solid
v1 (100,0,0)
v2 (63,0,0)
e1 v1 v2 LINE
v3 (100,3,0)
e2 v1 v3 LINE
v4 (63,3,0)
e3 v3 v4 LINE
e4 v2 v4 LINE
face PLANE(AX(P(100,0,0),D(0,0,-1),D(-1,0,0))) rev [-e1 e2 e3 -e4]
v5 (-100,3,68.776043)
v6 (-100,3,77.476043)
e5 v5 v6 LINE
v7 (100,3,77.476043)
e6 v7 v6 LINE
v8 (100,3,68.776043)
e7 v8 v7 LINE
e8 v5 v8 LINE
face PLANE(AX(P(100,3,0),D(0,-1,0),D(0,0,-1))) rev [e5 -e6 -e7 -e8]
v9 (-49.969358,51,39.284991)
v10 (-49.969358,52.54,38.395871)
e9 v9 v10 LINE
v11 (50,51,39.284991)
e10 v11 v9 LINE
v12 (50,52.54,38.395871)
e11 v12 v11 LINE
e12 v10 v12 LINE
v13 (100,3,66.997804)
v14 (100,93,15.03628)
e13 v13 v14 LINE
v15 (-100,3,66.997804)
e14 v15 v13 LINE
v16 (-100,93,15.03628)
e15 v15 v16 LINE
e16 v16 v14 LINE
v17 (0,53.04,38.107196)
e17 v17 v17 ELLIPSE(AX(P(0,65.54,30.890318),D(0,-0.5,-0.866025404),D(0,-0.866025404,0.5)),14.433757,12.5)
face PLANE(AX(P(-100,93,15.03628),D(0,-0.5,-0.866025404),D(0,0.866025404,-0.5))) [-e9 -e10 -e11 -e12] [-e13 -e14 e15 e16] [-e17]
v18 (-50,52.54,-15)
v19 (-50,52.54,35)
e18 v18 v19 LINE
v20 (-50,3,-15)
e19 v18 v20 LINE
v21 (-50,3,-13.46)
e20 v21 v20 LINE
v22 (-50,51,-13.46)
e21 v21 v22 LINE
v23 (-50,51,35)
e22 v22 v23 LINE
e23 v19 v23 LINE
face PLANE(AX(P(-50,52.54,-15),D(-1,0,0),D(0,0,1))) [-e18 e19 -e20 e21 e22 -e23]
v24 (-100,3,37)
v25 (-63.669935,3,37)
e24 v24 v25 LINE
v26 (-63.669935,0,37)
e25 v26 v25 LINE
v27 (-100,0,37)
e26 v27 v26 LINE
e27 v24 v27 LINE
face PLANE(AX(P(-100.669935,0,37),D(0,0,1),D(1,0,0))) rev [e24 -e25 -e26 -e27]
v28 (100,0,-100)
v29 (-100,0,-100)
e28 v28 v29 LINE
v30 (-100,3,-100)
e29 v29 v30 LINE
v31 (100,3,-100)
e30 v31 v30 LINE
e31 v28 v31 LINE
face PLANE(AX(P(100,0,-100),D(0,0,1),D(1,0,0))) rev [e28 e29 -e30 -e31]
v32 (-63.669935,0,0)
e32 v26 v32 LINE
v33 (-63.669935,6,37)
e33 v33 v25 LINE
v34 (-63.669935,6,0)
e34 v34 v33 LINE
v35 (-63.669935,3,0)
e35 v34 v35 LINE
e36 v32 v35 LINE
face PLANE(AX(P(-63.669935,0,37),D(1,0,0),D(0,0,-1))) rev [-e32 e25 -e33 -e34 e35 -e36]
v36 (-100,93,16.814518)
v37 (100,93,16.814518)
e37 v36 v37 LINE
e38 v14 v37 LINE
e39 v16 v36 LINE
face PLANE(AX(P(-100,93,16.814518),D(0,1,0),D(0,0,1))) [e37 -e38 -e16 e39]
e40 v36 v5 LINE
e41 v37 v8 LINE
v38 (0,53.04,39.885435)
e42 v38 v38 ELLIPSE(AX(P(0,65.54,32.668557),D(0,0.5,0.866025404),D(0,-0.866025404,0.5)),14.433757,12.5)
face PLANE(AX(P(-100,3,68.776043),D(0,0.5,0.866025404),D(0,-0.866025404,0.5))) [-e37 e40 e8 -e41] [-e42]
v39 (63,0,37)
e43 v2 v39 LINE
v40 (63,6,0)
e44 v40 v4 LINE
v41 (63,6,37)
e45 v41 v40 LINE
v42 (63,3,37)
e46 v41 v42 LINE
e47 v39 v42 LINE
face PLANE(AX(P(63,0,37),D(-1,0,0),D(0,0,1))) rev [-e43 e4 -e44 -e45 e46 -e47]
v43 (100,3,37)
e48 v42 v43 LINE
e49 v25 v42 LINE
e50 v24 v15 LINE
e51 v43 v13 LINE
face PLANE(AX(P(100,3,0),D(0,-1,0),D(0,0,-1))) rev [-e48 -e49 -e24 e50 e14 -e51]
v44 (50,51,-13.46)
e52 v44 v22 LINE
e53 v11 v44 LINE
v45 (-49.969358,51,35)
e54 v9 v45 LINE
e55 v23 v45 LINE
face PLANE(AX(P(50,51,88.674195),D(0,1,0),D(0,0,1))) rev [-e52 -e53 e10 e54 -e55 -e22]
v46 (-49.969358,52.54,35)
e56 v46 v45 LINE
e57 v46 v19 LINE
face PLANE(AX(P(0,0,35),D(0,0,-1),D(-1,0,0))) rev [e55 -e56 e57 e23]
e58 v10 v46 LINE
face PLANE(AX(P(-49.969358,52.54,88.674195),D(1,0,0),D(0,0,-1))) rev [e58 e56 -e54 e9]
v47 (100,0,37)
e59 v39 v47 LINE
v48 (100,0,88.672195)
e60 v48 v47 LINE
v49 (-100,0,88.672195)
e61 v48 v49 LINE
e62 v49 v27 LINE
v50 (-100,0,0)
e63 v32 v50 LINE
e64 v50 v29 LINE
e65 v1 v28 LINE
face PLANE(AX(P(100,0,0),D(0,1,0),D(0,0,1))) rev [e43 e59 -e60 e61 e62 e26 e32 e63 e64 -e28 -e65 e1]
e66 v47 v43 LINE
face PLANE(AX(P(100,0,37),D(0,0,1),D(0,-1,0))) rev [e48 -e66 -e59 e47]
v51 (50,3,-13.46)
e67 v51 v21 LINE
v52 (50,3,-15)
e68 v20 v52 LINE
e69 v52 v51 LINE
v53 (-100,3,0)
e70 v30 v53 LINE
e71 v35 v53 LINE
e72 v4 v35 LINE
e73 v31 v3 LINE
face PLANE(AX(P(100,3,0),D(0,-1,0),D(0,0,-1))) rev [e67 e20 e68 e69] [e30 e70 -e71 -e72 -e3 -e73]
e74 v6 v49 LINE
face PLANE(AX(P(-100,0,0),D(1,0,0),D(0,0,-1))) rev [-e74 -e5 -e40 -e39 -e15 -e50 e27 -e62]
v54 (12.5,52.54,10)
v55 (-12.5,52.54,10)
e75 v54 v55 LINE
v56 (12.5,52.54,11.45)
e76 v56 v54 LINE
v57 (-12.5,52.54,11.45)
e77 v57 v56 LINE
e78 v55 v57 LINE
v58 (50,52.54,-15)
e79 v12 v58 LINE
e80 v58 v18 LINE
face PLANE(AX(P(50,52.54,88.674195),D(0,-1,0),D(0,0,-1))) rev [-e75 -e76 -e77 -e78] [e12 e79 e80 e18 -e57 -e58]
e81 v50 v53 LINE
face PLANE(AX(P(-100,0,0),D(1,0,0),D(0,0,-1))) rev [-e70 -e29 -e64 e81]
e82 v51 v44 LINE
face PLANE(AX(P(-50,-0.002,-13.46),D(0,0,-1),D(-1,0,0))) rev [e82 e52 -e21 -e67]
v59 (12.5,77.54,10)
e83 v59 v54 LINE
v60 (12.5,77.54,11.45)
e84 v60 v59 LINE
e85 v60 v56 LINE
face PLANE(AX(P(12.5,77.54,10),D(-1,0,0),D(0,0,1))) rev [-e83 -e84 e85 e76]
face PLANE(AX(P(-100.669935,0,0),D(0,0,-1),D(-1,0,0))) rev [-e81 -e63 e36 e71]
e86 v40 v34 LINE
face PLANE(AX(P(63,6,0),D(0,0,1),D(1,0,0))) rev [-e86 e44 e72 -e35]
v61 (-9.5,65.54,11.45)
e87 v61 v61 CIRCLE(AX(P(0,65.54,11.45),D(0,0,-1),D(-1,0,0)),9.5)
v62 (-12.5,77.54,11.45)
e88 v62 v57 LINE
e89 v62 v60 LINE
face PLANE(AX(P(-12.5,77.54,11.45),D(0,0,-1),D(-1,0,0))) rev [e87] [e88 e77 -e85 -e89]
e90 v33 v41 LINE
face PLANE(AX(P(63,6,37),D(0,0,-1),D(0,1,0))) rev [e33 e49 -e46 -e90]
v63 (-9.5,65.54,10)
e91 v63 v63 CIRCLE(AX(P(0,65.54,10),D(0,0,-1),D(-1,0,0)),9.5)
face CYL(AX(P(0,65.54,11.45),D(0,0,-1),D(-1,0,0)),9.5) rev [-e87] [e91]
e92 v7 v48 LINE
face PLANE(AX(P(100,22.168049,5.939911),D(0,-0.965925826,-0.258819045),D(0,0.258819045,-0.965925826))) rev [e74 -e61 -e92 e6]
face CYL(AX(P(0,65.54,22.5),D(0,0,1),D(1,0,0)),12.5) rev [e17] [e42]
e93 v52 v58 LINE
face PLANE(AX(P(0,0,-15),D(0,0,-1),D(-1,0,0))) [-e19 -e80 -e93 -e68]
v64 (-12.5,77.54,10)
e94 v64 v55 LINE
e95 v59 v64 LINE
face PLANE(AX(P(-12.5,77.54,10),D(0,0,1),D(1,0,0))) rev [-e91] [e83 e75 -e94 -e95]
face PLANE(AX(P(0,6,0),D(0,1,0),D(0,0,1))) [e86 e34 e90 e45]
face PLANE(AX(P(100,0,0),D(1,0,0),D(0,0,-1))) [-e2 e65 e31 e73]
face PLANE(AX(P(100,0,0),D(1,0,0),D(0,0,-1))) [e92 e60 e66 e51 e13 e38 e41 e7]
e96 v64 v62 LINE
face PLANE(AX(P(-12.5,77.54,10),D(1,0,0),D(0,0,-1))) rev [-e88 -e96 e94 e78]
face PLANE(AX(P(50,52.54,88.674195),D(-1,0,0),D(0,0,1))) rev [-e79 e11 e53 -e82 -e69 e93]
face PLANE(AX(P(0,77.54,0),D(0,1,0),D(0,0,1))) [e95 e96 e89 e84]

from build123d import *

# Parameters (mm, degrees)
SALIENTE_EXTRUIR2_DEPTH  = 100
SALIENTE_EXTRUIR3_DEPTH  = 200
CROQUIS11_W              = 37
CROQUIS11_H              = 37
CORTAR_EXTRUIR2_DEPTH    = 168.630546142
CROQUIS13_W              = 126.669935474
CROQUIS13_H              = 37
SALIENTE_EXTRUIR9_DEPTH  = 3
CROQUIS14_W              = 100
CROQUIS14_H              = 1.54
SALIENTE_EXTRUIR12_DEPTH = 50
SALIENTE_EXTRUIR13_REACH = 194.026
CROQUIS20_W              = 99.969357698
CROQUIS20_H              = 1.54
SALIENTE_EXTRUIR14_REACH = 152.336
CROQUIS21_W              = 100
CROQUIS21_H              = 1.54
CROQUIS22_W              = 25
CROQUIS22_H              = 1.45
SALIENTE_EXTRUIR15_DEPTH = 25
CROQUIS23_R              = 9.5
CORTAR_EXTRUIR9_DEPTH    = 1.45
CROQUIS24_R              = 12.5
CORTAR_EXTRUIR10_DEPTH   = 12.5


with BuildPart() as part:
    # Croquis5 → Saliente-Extruir2 (new, symmetric)
    with BuildSketch(Plane(origin=(0, 0, 0), x_dir=(0, 0, -1), z_dir=(1, 0, 0))):
        Polygon((-77.476042657, 3), (-88.67219508, 0), (100, 0), (100, 3), align=None)
    extrude(amount=SALIENTE_EXTRUIR2_DEPTH, both=True)

    # Croquis6 → Saliente-Extruir3 (add)
    with BuildSketch(Plane(origin=(100, 0, 0), x_dir=(0, 0, -1), z_dir=(1, 0, 0))):
        Polygon((-68.776042657, 3), (-16.81451843, 93), (-15.036279601, 93), (-66.997803828, 3), align=None)
    extrude(amount=-SALIENTE_EXTRUIR3_DEPTH)

    # Croquis11 → Cortar-Extruir2 (cut, through all)
    with BuildSketch(Plane(origin=(0, 3, 0), x_dir=(1, 0, 0), z_dir=(0, 1, 0))):
        with Locations((81.5, -18.5)):
            Rectangle(CROQUIS11_W, CROQUIS11_H)
        with Locations((-82.169935474, -18.5)):
            Rectangle(CROQUIS11_W, CROQUIS11_H)
    extrude(amount=-CORTAR_EXTRUIR2_DEPTH, mode=Mode.SUBTRACT)

    # Croquis13 → Saliente-Extruir9 (add)
    with BuildSketch(Plane(origin=(0, 3, 0), x_dir=(1, 0, 0), z_dir=(0, 1, 0))):
        with Locations((-0.334967737, -18.5)):
            Rectangle(CROQUIS13_W, CROQUIS13_H)
    extrude(amount=SALIENTE_EXTRUIR9_DEPTH)



with BuildPart() as body_2:
    # Croquis14 → Saliente-Extruir12 (new body)
    with BuildSketch(Plane.XY.offset(35)):
        with Locations((0, 51.77)):
            Rectangle(CROQUIS14_W, CROQUIS14_H)
    extrude(amount=-SALIENTE_EXTRUIR12_DEPTH)


with BuildPart() as part_1:
    add(part.part)

    add(body_2.part)  # Saliente-Extruir13 merges body 2
    # Saliente-Extruir13: up to this plane
    saliente_extruir13_end = Plane(origin=(-100, 93, 15.036279601), z_dir=(0, -0.4999999999999976, -0.86602540378444))
    # Croquis20 → Saliente-Extruir13 (add, up to the surface)
    with BuildSketch(Plane.XY.offset(35), mode=Mode.PRIVATE) as saliente_extruir13_sk1:
        with Locations((0.015321151, 51.77)):
            Rectangle(CROQUIS20_W, CROQUIS20_H)
    saliente_extruir13_tool1 = split(extrude(saliente_extruir13_sk1.sketch, amount=SALIENTE_EXTRUIR13_REACH, mode=Mode.PRIVATE), bisect_by=saliente_extruir13_end, keep=Keep.BOTH, mode=Mode.PRIVATE)
    add(saliente_extruir13_tool1.solids().sort_by_distance((0.015321, 51.77, 35))[0])

    # Croquis21 → Saliente-Extruir14 (add, up to next)
    with BuildSketch(Plane.XZ.offset(-51), mode=Mode.PRIVATE) as saliente_extruir14_sk1:
        with Locations((0, -14.23)):
            Rectangle(CROQUIS21_W, CROQUIS21_H)
    saliente_extruir14_tool1 = extrude(saliente_extruir14_sk1.sketch, amount=SALIENTE_EXTRUIR14_REACH, mode=Mode.PRIVATE) - part_1.part
    add(saliente_extruir14_tool1.solids().sort_by_distance((0, 51, -14.23))[0])

    # Croquis22 → Saliente-Extruir15 (add)
    with BuildSketch(Plane(origin=(0, 52.54, 0), x_dir=(1, 0, 0), z_dir=(0, 1, 0))):
        with Locations((0, -10.725)):
            Rectangle(CROQUIS22_W, CROQUIS22_H)
    extrude(amount=SALIENTE_EXTRUIR15_DEPTH)

    # Croquis23 → Cortar-Extruir9 (cut)
    with BuildSketch(Plane(origin=(0, 0, 10), x_dir=(-1, 0, 0), z_dir=(0, 0, -1))):
        with Locations((0, 65.54)):
            Circle(CROQUIS23_R)
    extrude(amount=-CORTAR_EXTRUIR9_DEPTH, mode=Mode.SUBTRACT)

    # Croquis24 → Cortar-Extruir10 (cut, symmetric)
    with BuildSketch(Plane.XY.offset(35)):
        with Locations(Location((0, 65.54, 0), (0, 0, 270))):
            Circle(CROQUIS24_R)
    extrude(amount=CORTAR_EXTRUIR10_DEPTH, both=True, mode=Mode.SUBTRACT)


solid = part_1.part
